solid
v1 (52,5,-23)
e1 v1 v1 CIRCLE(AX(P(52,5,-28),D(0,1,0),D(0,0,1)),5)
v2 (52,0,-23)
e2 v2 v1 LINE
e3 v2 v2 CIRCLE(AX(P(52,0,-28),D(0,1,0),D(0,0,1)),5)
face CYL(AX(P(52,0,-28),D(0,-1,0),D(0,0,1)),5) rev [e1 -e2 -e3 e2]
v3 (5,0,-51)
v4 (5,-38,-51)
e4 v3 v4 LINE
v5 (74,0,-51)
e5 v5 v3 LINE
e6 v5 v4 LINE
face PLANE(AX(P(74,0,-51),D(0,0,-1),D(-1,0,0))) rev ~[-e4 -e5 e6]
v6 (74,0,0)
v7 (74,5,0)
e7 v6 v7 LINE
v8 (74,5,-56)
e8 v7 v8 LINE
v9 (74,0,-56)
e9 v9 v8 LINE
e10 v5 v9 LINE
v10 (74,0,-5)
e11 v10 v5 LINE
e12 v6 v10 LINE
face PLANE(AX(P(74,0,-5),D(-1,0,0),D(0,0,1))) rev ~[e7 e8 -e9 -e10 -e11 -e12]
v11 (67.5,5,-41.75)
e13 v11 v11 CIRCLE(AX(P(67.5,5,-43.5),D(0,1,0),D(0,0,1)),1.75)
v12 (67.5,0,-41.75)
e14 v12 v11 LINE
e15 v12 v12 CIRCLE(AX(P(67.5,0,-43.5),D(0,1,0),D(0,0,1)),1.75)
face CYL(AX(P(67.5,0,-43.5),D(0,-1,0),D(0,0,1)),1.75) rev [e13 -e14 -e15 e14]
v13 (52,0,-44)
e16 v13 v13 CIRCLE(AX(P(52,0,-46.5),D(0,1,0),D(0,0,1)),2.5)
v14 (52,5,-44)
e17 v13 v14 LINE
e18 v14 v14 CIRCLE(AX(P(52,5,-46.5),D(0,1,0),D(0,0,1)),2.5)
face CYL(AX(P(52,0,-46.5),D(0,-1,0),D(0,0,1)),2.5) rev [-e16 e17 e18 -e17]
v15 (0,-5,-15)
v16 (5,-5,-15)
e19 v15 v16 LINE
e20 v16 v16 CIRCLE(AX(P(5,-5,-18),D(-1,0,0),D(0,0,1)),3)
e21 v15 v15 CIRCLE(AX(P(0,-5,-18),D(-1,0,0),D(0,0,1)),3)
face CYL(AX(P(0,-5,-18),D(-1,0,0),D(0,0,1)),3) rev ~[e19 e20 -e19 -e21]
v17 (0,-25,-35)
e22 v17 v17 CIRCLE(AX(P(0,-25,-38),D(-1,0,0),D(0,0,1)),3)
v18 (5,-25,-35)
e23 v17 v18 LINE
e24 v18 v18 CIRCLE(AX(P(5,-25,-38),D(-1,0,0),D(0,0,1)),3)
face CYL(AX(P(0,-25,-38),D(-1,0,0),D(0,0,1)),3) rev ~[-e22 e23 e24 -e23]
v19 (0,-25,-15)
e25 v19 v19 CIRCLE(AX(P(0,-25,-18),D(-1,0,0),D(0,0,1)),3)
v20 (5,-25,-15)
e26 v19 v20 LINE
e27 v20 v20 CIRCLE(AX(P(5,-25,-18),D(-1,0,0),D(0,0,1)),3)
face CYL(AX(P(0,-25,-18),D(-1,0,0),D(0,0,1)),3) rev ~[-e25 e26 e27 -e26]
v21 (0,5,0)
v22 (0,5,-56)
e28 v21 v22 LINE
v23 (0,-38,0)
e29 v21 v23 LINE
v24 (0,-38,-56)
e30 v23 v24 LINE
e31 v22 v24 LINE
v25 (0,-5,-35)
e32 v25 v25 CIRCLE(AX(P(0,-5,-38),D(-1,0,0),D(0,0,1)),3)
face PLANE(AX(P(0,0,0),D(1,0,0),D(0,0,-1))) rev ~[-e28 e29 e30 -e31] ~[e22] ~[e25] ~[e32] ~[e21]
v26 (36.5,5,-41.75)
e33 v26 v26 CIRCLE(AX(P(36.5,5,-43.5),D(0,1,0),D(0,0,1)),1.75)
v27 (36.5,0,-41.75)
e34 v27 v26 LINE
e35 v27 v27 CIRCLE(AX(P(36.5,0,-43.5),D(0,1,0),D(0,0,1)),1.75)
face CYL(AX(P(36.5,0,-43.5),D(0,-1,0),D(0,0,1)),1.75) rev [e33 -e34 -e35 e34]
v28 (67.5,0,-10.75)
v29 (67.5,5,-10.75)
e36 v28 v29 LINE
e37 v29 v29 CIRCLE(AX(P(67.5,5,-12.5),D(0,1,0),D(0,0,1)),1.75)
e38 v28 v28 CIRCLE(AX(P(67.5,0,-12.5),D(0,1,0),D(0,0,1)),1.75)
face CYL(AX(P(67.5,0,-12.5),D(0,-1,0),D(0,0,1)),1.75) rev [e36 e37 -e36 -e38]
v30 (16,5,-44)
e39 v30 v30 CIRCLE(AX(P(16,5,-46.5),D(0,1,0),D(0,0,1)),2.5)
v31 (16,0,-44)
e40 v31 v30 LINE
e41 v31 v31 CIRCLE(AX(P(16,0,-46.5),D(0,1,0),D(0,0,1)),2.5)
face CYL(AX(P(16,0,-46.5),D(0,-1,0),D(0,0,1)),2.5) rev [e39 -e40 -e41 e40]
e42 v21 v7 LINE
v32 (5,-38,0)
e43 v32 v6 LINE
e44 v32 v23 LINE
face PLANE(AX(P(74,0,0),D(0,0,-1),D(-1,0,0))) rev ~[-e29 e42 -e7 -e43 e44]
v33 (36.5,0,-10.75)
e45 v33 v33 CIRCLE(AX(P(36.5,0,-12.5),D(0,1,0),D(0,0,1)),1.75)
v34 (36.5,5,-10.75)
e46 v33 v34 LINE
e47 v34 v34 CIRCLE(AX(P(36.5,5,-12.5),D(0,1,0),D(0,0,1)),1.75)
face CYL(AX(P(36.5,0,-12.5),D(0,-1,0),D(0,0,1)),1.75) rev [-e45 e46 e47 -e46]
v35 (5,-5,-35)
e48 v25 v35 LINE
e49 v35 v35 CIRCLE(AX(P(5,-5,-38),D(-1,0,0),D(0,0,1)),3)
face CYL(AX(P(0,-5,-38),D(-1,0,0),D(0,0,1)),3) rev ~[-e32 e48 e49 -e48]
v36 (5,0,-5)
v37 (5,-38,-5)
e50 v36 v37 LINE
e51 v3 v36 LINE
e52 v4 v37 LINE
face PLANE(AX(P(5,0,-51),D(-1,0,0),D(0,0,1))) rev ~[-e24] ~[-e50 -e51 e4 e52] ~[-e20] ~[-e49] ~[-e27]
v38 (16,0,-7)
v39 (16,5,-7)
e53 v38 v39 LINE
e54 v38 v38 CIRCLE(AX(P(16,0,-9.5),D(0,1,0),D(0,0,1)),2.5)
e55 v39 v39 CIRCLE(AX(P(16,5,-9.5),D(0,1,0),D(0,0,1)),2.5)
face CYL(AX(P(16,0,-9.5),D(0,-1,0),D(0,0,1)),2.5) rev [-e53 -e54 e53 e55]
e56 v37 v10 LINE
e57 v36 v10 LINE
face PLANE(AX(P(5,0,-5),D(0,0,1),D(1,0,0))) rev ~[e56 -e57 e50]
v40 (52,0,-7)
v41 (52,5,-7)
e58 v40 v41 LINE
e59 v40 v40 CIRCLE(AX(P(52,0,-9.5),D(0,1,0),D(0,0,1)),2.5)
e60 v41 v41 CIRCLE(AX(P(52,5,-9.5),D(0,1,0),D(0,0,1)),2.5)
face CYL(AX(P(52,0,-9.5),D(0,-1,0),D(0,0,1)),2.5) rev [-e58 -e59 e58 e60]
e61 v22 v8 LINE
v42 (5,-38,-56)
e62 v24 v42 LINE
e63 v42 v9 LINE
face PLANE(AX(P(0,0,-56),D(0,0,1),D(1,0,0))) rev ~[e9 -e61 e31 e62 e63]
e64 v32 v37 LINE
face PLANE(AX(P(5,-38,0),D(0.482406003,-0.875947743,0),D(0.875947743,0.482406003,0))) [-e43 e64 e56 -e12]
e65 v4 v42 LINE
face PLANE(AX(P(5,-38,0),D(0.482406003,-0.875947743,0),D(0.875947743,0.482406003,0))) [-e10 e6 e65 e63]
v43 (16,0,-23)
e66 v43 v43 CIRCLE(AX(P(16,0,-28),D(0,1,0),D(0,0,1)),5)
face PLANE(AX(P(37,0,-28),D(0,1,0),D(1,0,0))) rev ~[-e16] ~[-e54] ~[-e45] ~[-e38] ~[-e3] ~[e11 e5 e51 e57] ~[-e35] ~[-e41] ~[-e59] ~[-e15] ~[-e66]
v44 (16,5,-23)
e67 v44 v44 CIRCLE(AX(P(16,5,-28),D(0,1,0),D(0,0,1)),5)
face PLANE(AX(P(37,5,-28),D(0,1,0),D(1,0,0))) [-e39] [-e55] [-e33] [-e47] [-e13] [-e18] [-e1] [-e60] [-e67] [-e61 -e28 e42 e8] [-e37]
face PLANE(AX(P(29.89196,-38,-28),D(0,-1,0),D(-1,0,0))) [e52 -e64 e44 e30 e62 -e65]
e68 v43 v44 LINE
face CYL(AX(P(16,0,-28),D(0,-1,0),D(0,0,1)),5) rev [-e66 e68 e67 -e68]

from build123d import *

# Parameters (mm, degrees)
SKETCH_1_W          = 74
SKETCH_1_H          = 56
SKETCH_1_R          = 2.5
SKETCH_1_R_2        = 5
SKETCH_1_R_3        = 1.75
EXTRUDE_1_DEPTH     = 5
EXTRUDE_2_DEPTH     = 38
CUT_EXTRUDE_1_REACH = 102.28
SKETCH_4_R          = 3
CUT_EXTRUDE_2_DEPTH = 5


with BuildPart() as part:
    # Эскиз1 → Бобышка-Вытянуть1 (new body)
    with BuildSketch(Plane(origin=(0, 0, 0), x_dir=(1, 0, 0), z_dir=(0, 1, 0))):
        with Locations((37, 28)):
            Rectangle(SKETCH_1_W, SKETCH_1_H)
        with Locations(Location((16, 46.5, 0), (0, 0, 270))):
            Circle(SKETCH_1_R, mode=Mode.SUBTRACT)
        with Locations(Location((16, 9.5, 0), (0, 0, 270))):
            Circle(SKETCH_1_R, mode=Mode.SUBTRACT)
        with Locations(Location((52, 46.5, 0), (0, 0, 270))):
            Circle(SKETCH_1_R, mode=Mode.SUBTRACT)
        with Locations(Location((52, 9.5, 0), (0, 0, 270))):
            Circle(SKETCH_1_R, mode=Mode.SUBTRACT)
        with Locations(Location((52, 28, 0), (0, 0, 270))):
            Circle(SKETCH_1_R_2, mode=Mode.SUBTRACT)
        with Locations(Location((67.5, 12.5, 0), (0, 0, 270))):
            Circle(SKETCH_1_R_3, mode=Mode.SUBTRACT)
        with Locations(Location((67.5, 43.5, 0), (0, 0, 270))):
            Circle(SKETCH_1_R_3, mode=Mode.SUBTRACT)
        with Locations(Location((36.5, 43.5, 0), (0, 0, 270))):
            Circle(SKETCH_1_R_3, mode=Mode.SUBTRACT)
        with Locations(Location((36.5, 12.5, 0), (0, 0, 270))):
            Circle(SKETCH_1_R_3, mode=Mode.SUBTRACT)
        with Locations(Location((16, 28, 0), (0, 0, 270))):
            Circle(SKETCH_1_R_2, mode=Mode.SUBTRACT)
    extrude(amount=EXTRUDE_1_DEPTH)

    # Эскиз2 → Бобышка-Вытянуть2 (add)
    with BuildSketch(Plane(origin=(0, 0, 0), x_dir=(-1, 0, 0), z_dir=(0, -1, 0))):
        Polygon((-74, 0), (0, 0), (0, 56), (-74, 56), (-74, 51), (-5, 51), (-5, 5), (-74, 5), align=None)
    extrude(amount=EXTRUDE_2_DEPTH)

    # Вырез-Вытянуть1: up to this face of the body (flat: up to its plane)
    cut_extrude_1_end = Plane(part.part.faces().sort_by_distance((37, -16.5, -56))[0])
    # Эскиз3 → Вырез-Вытянуть1 (cut, up to the picked face)
    with BuildSketch(Plane.XY, mode=Mode.PRIVATE) as cut_extrude_1_sk1:
        Polygon((5, -38), (74, 0), (74, -38), align=None)
    cut_extrude_1_tool1 = split(extrude(cut_extrude_1_sk1.sketch, amount=-CUT_EXTRUDE_1_REACH, mode=Mode.PRIVATE), bisect_by=cut_extrude_1_end, keep=Keep.BOTH, mode=Mode.PRIVATE)
    add(cut_extrude_1_tool1.solids().sort_by(Axis((51, -25.333333, 0), (0, 0, -1)))[0], mode=Mode.SUBTRACT)

    # Эскиз4 → Вырез-Вытянуть2 (cut)
    with BuildSketch(Plane.ZY):
        with Locations((-18, -25)):
            Circle(SKETCH_4_R)
        with Locations((-18, -5)):
            Circle(SKETCH_4_R)
        with Locations((-38, -5)):
            Circle(SKETCH_4_R)
        with Locations((-38, -25)):
            Circle(SKETCH_4_R)
    extrude(amount=-CUT_EXTRUDE_2_DEPTH, mode=Mode.SUBTRACT)


solid = part.part
